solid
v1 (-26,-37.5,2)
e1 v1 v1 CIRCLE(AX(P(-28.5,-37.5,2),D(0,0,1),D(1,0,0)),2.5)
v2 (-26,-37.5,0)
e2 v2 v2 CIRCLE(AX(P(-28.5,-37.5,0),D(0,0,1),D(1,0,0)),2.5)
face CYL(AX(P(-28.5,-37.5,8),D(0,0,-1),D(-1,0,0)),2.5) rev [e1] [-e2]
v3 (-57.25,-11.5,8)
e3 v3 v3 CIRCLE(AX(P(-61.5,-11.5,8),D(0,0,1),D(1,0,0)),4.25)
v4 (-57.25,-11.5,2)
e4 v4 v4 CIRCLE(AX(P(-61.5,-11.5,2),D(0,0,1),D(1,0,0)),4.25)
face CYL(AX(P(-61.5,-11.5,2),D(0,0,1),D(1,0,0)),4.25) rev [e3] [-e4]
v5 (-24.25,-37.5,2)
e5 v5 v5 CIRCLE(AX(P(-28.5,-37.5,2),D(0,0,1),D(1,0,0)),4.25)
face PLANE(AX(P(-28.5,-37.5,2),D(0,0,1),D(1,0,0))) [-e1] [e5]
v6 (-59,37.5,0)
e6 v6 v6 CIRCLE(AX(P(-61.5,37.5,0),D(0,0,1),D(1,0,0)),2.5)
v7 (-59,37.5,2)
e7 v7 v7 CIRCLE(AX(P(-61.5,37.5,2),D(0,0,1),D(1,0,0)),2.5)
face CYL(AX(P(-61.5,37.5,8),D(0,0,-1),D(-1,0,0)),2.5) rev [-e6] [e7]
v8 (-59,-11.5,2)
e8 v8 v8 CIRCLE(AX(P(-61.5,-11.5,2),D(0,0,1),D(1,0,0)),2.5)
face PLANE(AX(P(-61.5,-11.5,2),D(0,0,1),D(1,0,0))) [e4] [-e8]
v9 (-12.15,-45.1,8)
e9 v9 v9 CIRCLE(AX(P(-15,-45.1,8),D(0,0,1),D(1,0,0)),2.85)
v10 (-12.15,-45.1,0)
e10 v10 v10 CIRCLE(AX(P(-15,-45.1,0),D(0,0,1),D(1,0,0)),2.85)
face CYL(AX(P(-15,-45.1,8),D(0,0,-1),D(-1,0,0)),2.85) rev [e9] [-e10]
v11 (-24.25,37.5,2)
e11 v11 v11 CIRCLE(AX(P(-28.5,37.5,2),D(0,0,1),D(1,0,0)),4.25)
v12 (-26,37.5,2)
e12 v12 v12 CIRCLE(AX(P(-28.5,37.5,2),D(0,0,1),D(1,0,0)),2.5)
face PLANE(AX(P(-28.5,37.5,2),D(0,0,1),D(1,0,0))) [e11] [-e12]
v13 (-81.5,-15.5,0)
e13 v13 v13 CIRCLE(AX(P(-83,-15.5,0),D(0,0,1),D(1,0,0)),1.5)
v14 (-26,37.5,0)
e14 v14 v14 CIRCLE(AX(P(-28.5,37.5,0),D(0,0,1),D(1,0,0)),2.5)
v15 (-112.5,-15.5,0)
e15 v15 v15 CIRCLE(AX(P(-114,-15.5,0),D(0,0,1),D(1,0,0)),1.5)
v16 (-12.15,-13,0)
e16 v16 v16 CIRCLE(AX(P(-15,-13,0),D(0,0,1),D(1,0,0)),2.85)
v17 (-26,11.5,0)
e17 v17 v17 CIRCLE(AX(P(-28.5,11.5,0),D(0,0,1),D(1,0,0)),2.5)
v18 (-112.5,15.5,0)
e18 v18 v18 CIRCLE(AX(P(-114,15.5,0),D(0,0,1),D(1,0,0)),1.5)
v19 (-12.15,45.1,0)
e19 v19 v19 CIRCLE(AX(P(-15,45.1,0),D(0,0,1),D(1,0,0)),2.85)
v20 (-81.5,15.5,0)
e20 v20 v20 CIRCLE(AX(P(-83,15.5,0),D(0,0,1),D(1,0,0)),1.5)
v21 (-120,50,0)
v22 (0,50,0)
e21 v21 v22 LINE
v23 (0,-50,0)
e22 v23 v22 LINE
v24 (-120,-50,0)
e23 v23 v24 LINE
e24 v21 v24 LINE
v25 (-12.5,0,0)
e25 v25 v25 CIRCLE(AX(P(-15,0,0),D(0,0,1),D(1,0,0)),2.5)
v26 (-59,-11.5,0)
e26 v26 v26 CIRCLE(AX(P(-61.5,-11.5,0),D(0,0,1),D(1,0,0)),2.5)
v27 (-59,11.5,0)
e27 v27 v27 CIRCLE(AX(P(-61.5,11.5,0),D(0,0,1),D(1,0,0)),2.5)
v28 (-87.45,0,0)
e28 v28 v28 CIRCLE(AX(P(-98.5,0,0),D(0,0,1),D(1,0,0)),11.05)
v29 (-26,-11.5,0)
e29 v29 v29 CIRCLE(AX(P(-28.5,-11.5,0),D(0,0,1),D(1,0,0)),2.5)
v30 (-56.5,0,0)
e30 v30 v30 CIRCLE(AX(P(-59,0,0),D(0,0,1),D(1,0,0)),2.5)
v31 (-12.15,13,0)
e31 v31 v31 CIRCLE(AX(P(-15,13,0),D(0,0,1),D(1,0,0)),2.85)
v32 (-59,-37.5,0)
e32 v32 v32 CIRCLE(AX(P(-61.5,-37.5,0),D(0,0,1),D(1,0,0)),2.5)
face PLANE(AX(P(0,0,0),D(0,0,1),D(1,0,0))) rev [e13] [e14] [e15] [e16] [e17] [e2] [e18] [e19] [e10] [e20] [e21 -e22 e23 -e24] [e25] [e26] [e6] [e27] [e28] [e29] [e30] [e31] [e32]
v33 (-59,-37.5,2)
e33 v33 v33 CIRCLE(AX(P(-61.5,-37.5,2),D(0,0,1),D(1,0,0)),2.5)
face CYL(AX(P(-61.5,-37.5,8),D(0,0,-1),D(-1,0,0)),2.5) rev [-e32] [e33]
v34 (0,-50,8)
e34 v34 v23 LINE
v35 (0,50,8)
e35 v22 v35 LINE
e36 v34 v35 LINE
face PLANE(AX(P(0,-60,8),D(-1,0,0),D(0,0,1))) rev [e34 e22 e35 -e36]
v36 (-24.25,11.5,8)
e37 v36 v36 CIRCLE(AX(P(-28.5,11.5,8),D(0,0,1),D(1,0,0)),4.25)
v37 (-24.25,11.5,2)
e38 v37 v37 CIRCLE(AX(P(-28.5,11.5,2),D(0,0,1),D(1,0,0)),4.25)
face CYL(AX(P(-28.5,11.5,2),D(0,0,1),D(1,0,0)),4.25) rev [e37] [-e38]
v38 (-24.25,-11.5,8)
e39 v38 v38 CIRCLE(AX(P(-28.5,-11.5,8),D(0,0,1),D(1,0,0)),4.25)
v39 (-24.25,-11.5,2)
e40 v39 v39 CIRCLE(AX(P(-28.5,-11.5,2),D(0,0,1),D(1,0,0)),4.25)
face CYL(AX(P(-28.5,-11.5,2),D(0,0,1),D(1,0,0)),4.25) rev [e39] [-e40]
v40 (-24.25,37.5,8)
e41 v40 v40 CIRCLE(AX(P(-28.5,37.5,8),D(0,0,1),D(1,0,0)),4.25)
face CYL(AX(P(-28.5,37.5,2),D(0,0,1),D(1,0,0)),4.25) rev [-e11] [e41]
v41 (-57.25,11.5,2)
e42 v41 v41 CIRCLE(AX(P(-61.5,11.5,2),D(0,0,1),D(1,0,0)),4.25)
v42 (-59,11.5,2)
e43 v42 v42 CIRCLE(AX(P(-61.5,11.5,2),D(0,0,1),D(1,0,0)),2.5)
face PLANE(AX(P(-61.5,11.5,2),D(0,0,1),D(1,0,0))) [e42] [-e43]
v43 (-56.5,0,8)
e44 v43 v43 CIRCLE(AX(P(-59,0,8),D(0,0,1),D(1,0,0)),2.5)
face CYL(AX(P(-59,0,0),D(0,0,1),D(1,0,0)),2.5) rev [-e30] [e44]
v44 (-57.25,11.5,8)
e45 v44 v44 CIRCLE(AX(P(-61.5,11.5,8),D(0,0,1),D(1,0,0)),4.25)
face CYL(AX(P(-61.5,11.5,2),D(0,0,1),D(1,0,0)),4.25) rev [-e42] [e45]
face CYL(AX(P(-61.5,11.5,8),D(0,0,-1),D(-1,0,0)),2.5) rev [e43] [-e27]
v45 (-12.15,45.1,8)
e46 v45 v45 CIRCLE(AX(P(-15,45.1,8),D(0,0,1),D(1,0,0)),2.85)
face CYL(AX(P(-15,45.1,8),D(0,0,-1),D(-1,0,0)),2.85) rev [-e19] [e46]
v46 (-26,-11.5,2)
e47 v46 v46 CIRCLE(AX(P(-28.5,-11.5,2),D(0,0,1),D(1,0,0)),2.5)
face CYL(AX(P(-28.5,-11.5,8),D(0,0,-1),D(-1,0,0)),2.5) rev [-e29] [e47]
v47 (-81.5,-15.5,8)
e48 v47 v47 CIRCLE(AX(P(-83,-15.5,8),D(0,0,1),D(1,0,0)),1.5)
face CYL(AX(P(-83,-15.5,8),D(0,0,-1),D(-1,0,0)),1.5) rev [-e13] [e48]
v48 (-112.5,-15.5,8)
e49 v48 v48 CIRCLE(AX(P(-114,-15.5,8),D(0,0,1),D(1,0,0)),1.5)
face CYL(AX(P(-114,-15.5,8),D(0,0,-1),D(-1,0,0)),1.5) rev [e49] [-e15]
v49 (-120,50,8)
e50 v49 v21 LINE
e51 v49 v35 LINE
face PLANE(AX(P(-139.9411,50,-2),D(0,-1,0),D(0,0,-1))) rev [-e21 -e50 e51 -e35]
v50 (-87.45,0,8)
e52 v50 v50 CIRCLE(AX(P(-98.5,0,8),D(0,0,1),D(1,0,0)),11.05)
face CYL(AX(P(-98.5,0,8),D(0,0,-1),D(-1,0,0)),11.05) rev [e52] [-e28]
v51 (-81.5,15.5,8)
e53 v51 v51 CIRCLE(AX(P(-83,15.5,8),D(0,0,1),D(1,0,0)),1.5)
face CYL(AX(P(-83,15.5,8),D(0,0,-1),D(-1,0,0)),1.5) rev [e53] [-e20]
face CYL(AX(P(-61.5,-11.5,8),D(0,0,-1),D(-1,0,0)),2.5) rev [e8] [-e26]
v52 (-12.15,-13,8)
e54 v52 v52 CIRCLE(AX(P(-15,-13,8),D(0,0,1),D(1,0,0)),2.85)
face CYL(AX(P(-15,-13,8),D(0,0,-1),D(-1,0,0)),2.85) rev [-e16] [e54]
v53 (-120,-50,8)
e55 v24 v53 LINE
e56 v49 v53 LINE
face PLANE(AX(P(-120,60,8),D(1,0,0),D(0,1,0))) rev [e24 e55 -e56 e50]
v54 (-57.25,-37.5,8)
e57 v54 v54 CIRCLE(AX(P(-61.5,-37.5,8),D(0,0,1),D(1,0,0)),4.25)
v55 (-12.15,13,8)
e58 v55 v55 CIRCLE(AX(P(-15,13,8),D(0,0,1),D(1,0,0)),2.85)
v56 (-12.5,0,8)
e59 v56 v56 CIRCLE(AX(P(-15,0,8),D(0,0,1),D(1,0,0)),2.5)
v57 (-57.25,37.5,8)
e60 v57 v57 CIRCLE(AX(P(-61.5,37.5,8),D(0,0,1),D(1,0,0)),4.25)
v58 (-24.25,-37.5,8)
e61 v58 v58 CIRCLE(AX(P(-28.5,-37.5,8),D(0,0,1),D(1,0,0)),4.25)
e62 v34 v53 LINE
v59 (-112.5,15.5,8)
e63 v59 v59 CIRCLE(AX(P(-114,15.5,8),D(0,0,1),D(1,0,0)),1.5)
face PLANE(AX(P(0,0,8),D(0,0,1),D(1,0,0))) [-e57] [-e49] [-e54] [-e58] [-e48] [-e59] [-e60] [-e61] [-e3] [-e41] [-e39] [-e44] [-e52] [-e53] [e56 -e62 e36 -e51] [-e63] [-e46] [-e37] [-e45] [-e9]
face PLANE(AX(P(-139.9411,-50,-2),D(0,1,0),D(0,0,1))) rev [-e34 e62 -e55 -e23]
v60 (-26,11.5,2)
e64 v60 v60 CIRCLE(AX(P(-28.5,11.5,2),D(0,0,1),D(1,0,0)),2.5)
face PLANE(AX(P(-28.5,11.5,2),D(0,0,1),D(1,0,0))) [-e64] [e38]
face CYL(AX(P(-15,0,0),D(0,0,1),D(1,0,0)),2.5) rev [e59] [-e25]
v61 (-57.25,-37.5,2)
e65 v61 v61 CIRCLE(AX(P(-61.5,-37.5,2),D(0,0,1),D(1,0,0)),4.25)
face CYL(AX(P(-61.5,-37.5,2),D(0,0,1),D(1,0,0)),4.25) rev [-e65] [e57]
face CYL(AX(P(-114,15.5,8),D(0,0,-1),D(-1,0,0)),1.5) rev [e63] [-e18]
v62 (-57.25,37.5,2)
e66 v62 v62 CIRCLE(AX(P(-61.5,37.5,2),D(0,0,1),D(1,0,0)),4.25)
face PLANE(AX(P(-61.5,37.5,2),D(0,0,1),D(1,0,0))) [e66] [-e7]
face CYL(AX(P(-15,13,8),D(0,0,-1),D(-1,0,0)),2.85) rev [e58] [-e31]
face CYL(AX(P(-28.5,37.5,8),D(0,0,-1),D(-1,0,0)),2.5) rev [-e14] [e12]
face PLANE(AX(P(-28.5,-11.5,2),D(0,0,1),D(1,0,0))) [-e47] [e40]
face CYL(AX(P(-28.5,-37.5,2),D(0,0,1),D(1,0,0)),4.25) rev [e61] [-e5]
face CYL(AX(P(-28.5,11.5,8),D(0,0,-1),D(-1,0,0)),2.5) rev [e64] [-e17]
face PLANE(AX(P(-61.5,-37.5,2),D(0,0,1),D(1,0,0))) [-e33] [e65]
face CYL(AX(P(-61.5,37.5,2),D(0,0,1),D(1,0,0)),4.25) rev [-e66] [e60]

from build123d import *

# Parameters (mm, degrees)
SKETCH1_W           = 120
SKETCH1_H           = 120
SKETCH1_R           = 11.05
SKETCH1_R_2         = 1.5
SKETCH1_R_3         = 2.5
SKETCH1_R_4         = 2.85
BOSS_EXTRUDE1_DEPTH = 8
SKETCH3_W           = 169.939825448
SKETCH3_H           = 19.036974982
SKETCH3_W_2         = 188.744642198
SKETCH3_H_2         = 29.251937167
CUT_EXTRUDE1_DEPTH  = 10
SKETCH4_R           = 4.25
CUT_EXTRUDE2_DEPTH  = 6
SKETCH5_R           = 2.5
CUT_EXTRUDE3_DEPTH  = 131.245921241


with BuildPart() as part:
    # Sketch1 → Boss-Extrude1 (new body)
    with BuildSketch(Plane.XY):
        with Locations((-60, 0)):
            Rectangle(SKETCH1_W, SKETCH1_H)
        with Locations((-98.5, 0)):
            Circle(SKETCH1_R, mode=Mode.SUBTRACT)
        with Locations((-83, 15.5)):
            Circle(SKETCH1_R_2, mode=Mode.SUBTRACT)
        with Locations((-114, 15.5)):
            Circle(SKETCH1_R_2, mode=Mode.SUBTRACT)
        with Locations((-114, -15.5)):
            Circle(SKETCH1_R_2, mode=Mode.SUBTRACT)
        with Locations((-83, -15.5)):
            Circle(SKETCH1_R_2, mode=Mode.SUBTRACT)
        with Locations((-61.5, 37.5)):
            Circle(SKETCH1_R_3, mode=Mode.SUBTRACT)
        with Locations((-28.5, 37.5)):
            Circle(SKETCH1_R_3, mode=Mode.SUBTRACT)
        with Locations((-61.5, 11.5)):
            Circle(SKETCH1_R_3, mode=Mode.SUBTRACT)
        with Locations((-28.5, 11.5)):
            Circle(SKETCH1_R_3, mode=Mode.SUBTRACT)
        with Locations((-61.5, -11.5)):
            Circle(SKETCH1_R_3, mode=Mode.SUBTRACT)
        with Locations((-28.5, -11.5)):
            Circle(SKETCH1_R_3, mode=Mode.SUBTRACT)
        with Locations((-28.5, -37.5)):
            Circle(SKETCH1_R_3, mode=Mode.SUBTRACT)
        with Locations((-61.5, -37.5)):
            Circle(SKETCH1_R_3, mode=Mode.SUBTRACT)
        with Locations((-15, 45.1)):
            Circle(SKETCH1_R_4, mode=Mode.SUBTRACT)
        with Locations((-15, 13)):
            Circle(SKETCH1_R_4, mode=Mode.SUBTRACT)
        with Locations((-15, -13)):
            Circle(SKETCH1_R_4, mode=Mode.SUBTRACT)
        with Locations((-15, -45.1)):
            Circle(SKETCH1_R_4, mode=Mode.SUBTRACT)
    extrude(amount=BOSS_EXTRUDE1_DEPTH)

    # Sketch3 → Cut-Extrude1 (cut)
    with BuildSketch(Plane.XY.offset(8)):
        with Locations((-54.971186983, 59.518487491)):
            Rectangle(SKETCH3_W, SKETCH3_H)
        with Locations((-45.568778608, -64.625968583)):
            Rectangle(SKETCH3_W_2, SKETCH3_H_2)
    extrude(amount=-CUT_EXTRUDE1_DEPTH, mode=Mode.SUBTRACT)

    # Sketch4 → Cut-Extrude2 (cut)
    with BuildSketch(Plane.XY.offset(8)):
        with Locations((-61.5, 37.5)):
            Circle(SKETCH4_R)
        with Locations((-28.5, 37.5)):
            Circle(SKETCH4_R)
        with Locations((-61.5, 11.5)):
            Circle(SKETCH4_R)
        with Locations((-28.5, 11.5)):
            Circle(SKETCH4_R)
        with Locations((-61.5, -11.5)):
            Circle(SKETCH4_R)
        with Locations((-28.5, -11.5)):
            Circle(SKETCH4_R)
        with Locations((-61.5, -37.5)):
            Circle(SKETCH4_R)
        with Locations((-28.5, -37.5)):
            Circle(SKETCH4_R)
    extrude(amount=-CUT_EXTRUDE2_DEPTH, mode=Mode.SUBTRACT)

    # Sketch5 → Cut-Extrude3 (cut, through all)
    with BuildSketch(Plane.XY.offset(8)):
        with Locations((-15, 0)):
            Circle(SKETCH5_R)
        with Locations((-59, 0)):
            Circle(SKETCH5_R)
    extrude(amount=-CUT_EXTRUDE3_DEPTH, mode=Mode.SUBTRACT)


solid = part.part
